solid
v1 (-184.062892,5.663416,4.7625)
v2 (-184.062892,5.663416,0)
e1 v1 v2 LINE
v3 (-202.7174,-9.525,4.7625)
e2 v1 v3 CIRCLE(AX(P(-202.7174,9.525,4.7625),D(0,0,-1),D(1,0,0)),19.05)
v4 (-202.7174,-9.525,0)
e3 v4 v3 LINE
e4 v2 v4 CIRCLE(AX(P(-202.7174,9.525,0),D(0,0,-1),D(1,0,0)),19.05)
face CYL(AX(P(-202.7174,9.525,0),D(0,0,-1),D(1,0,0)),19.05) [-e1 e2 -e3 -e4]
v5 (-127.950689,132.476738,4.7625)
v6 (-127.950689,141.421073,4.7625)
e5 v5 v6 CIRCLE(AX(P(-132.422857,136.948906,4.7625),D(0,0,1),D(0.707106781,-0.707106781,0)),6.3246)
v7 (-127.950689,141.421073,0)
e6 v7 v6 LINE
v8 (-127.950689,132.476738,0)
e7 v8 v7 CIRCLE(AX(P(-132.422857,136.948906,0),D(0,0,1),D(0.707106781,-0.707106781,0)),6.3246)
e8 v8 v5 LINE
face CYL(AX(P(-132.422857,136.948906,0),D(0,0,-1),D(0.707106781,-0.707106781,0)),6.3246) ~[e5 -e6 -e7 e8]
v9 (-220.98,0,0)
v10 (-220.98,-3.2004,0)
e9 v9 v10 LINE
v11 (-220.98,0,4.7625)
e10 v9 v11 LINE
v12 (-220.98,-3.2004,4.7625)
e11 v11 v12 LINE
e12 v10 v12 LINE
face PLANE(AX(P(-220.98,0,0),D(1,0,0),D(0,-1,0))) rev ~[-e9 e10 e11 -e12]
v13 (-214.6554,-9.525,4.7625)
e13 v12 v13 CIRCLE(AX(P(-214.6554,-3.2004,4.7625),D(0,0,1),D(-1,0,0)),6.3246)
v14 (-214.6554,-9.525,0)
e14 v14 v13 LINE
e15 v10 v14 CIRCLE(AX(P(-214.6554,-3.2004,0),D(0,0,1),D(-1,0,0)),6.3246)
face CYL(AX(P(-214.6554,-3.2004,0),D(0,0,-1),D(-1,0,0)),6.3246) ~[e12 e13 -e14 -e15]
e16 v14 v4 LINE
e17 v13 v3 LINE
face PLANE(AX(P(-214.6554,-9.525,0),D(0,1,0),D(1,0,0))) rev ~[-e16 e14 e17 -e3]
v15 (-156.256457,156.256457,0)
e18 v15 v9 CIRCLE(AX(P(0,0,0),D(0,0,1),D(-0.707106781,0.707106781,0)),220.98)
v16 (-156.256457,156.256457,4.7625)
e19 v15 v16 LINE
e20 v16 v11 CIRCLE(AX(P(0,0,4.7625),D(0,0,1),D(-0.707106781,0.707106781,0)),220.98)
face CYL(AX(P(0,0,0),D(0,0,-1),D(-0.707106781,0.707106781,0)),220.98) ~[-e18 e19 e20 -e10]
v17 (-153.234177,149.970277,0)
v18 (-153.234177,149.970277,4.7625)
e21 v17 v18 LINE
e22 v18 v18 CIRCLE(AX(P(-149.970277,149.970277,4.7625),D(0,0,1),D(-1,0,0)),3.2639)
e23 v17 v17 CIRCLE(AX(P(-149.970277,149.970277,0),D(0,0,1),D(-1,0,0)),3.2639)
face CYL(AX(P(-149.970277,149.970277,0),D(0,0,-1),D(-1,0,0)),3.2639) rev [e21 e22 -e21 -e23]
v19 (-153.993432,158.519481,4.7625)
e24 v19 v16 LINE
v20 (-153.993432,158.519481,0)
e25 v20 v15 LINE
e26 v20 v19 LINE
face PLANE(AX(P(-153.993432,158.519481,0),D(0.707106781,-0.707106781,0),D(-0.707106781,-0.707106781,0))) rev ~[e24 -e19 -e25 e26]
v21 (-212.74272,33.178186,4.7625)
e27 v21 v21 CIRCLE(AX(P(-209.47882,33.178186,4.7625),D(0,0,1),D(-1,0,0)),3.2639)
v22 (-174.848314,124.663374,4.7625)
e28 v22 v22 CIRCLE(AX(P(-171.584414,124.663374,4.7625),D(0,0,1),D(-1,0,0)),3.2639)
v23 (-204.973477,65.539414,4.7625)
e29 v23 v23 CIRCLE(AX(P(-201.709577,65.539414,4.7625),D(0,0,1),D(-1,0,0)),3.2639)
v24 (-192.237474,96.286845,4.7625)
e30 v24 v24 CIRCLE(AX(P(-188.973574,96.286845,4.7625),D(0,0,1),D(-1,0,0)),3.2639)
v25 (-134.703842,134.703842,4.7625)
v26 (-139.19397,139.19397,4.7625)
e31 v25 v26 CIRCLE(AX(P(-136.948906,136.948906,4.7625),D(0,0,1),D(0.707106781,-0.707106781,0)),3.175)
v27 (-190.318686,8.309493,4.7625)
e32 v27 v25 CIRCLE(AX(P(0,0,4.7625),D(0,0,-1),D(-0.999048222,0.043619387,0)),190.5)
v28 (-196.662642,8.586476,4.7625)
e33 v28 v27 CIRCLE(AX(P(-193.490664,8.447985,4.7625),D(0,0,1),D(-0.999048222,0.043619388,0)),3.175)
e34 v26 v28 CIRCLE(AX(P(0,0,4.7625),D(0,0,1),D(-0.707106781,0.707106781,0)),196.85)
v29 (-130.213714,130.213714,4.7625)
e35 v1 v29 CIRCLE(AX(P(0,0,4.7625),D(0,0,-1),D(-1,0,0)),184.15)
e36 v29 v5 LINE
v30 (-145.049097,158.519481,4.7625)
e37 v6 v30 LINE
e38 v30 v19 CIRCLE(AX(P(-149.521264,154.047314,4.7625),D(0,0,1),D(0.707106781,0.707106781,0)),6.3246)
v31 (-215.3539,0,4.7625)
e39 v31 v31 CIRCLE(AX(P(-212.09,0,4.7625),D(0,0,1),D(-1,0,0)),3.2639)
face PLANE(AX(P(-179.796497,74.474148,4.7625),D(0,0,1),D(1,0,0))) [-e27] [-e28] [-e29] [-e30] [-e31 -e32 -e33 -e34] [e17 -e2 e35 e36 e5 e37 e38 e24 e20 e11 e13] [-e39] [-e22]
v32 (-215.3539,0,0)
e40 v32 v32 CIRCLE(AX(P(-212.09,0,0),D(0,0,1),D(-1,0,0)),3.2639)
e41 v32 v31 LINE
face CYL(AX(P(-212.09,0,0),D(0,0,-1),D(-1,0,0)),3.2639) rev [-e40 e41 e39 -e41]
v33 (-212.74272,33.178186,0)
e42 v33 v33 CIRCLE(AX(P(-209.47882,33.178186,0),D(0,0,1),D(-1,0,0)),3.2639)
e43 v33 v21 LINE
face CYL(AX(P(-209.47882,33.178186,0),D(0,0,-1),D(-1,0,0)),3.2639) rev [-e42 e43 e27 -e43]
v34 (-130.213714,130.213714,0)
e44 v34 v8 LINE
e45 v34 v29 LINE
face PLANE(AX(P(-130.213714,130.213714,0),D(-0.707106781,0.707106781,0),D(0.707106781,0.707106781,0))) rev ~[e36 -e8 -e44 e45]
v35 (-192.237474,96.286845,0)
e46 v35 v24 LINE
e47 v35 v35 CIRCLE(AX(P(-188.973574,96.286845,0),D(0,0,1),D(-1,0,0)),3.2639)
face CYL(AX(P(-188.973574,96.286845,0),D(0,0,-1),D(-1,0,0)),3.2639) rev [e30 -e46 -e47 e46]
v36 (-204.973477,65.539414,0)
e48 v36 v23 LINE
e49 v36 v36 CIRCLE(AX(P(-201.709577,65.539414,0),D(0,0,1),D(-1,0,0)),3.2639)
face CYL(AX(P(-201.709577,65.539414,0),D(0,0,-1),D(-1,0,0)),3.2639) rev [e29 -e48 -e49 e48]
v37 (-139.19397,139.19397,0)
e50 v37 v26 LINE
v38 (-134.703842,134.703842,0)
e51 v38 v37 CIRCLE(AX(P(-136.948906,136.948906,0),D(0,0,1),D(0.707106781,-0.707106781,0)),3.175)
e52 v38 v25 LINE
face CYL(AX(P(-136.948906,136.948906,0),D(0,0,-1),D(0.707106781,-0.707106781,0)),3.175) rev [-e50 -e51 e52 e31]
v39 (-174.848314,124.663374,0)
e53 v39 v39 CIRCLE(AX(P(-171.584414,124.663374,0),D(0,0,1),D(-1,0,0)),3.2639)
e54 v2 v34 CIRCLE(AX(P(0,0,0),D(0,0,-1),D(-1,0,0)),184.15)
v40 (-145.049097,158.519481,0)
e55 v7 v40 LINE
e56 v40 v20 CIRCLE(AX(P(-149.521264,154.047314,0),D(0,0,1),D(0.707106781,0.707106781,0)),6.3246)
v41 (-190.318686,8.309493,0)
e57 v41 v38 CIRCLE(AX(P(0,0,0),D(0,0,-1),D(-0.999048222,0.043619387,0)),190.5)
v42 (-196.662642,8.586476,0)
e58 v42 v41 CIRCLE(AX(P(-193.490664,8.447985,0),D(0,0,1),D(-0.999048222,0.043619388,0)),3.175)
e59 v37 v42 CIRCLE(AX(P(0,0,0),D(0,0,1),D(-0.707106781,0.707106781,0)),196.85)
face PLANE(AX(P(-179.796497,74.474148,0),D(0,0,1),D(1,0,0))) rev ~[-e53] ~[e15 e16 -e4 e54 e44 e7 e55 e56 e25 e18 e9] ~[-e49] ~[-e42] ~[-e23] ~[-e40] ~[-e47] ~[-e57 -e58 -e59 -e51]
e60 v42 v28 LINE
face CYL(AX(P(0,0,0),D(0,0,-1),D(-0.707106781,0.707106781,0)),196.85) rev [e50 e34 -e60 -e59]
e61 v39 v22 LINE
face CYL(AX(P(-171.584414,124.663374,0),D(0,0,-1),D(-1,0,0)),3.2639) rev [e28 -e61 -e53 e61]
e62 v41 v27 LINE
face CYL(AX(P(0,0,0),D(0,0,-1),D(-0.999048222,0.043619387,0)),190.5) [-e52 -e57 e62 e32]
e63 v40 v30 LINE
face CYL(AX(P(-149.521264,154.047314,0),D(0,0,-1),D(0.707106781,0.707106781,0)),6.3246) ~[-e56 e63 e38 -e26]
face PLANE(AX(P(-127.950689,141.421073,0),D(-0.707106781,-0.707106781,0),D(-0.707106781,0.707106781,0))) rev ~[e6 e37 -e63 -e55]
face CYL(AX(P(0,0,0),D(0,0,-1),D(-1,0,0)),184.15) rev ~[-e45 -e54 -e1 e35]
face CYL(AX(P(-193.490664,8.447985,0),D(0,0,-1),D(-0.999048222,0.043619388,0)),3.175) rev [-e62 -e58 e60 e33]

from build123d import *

# Parameters (mm, degrees)
SKETCH1_R           = 3.2639
BOSS_EXTRUDE1_DEPTH = 4.7625
CUT_EXTRUDE4_DEPTH  = 274.082391315


with BuildPart() as part:
    # Sketch1 → Boss-Extrude1 (new body)
    with BuildSketch(Plane.XY):
        with BuildLine():
            Line((-220.98, 0), (-220.98, -3.2004))
            ThreePointArc((-220.98, -3.2004), (-219.127567548, -7.672567548), (-214.6554, -9.525))
            Line((-214.6554, -9.525), (-190.4746, -9.525))
            ThreePointArc((-190.4746, -9.525), (-186.002432452, -7.672567548), (-184.15, -3.2004))
            Line((-184.15, -3.2004), (-184.15, 0))
            ThreePointArc((-184.15, 0), (-170.132415912, 70.47115407), (-130.213713756, 130.213713756))
            Line((-130.213713756, 130.213713756), (-127.950689213, 132.476738298))
            ThreePointArc((-127.950689213, 132.476738298), (-126.098256761, 136.948905846), (-127.950689213, 141.421073395))
            Line((-127.950689213, 141.421073395), (-145.049096868, 158.519481049))
            ThreePointArc((-145.049096868, 158.519481049), (-149.521264416, 160.371913501), (-153.993431964, 158.519481049))
            Line((-153.993431964, 158.519481049), (-156.256456507, 156.256456507))
            ThreePointArc((-156.256456507, 156.256456507), (-204.158899094, 84.565384884), (-220.98, 0))
        make_face()
        with Locations(Location((-212.09, 0, 0), (0, 0, 180))):
            Circle(SKETCH1_R, mode=Mode.SUBTRACT)
        with Locations(Location((-209.478820157, 33.17818569, 0), (0, 0, 180))):
            Circle(SKETCH1_R, mode=Mode.SUBTRACT)
        with Locations(Location((-201.709576541, 65.539414337, 0), (0, 0, 180))):
            Circle(SKETCH1_R, mode=Mode.SUBTRACT)
        with Locations(Location((-188.973573715, 96.28684509, 0), (0, 0, 180))):
            Circle(SKETCH1_R, mode=Mode.SUBTRACT)
        with Locations(Location((-171.584414337, 124.663374159, 0), (0, 0, 180))):
            Circle(SKETCH1_R, mode=Mode.SUBTRACT)
        with Locations(Location((-149.970277222, 149.970277222, 0), (0, 0, 180))):
            Circle(SKETCH1_R, mode=Mode.SUBTRACT)
        with BuildLine():
            ThreePointArc((-190.318686211, 8.309493293), (-174.366836772, 76.723244418), (-134.703841816, 134.703841816))
            ThreePointArc((-134.703841816, 134.703841816), (-134.703841816, 139.193969877), (-139.193969877, 139.193969877))
            ThreePointArc((-139.193969877, 139.193969877), (-180.179064665, 79.280685899), (-196.662642418, 8.586476403))
            ThreePointArc((-196.662642418, 8.586476403), (-193.62915587, 5.276006744), (-190.318686211, 8.309493293))
        make_face(mode=Mode.SUBTRACT)
    extrude(amount=BOSS_EXTRUDE1_DEPTH)

    # Sketch2 → Cut-Extrude4 (cut, through all)
    with BuildSketch(Plane.XY):
        with BuildLine():
            Line((-202.7174, -9.525), (-183.6674, -9.525))
            Line((-183.6674, -9.525), (-183.6674, 9.525))
            ThreePointArc((-183.6674, 9.525), (-189.247015818, -3.945384182), (-202.7174, -9.525))
        make_face()
    extrude(amount=CUT_EXTRUDE4_DEPTH, mode=Mode.SUBTRACT)


solid = part.part
